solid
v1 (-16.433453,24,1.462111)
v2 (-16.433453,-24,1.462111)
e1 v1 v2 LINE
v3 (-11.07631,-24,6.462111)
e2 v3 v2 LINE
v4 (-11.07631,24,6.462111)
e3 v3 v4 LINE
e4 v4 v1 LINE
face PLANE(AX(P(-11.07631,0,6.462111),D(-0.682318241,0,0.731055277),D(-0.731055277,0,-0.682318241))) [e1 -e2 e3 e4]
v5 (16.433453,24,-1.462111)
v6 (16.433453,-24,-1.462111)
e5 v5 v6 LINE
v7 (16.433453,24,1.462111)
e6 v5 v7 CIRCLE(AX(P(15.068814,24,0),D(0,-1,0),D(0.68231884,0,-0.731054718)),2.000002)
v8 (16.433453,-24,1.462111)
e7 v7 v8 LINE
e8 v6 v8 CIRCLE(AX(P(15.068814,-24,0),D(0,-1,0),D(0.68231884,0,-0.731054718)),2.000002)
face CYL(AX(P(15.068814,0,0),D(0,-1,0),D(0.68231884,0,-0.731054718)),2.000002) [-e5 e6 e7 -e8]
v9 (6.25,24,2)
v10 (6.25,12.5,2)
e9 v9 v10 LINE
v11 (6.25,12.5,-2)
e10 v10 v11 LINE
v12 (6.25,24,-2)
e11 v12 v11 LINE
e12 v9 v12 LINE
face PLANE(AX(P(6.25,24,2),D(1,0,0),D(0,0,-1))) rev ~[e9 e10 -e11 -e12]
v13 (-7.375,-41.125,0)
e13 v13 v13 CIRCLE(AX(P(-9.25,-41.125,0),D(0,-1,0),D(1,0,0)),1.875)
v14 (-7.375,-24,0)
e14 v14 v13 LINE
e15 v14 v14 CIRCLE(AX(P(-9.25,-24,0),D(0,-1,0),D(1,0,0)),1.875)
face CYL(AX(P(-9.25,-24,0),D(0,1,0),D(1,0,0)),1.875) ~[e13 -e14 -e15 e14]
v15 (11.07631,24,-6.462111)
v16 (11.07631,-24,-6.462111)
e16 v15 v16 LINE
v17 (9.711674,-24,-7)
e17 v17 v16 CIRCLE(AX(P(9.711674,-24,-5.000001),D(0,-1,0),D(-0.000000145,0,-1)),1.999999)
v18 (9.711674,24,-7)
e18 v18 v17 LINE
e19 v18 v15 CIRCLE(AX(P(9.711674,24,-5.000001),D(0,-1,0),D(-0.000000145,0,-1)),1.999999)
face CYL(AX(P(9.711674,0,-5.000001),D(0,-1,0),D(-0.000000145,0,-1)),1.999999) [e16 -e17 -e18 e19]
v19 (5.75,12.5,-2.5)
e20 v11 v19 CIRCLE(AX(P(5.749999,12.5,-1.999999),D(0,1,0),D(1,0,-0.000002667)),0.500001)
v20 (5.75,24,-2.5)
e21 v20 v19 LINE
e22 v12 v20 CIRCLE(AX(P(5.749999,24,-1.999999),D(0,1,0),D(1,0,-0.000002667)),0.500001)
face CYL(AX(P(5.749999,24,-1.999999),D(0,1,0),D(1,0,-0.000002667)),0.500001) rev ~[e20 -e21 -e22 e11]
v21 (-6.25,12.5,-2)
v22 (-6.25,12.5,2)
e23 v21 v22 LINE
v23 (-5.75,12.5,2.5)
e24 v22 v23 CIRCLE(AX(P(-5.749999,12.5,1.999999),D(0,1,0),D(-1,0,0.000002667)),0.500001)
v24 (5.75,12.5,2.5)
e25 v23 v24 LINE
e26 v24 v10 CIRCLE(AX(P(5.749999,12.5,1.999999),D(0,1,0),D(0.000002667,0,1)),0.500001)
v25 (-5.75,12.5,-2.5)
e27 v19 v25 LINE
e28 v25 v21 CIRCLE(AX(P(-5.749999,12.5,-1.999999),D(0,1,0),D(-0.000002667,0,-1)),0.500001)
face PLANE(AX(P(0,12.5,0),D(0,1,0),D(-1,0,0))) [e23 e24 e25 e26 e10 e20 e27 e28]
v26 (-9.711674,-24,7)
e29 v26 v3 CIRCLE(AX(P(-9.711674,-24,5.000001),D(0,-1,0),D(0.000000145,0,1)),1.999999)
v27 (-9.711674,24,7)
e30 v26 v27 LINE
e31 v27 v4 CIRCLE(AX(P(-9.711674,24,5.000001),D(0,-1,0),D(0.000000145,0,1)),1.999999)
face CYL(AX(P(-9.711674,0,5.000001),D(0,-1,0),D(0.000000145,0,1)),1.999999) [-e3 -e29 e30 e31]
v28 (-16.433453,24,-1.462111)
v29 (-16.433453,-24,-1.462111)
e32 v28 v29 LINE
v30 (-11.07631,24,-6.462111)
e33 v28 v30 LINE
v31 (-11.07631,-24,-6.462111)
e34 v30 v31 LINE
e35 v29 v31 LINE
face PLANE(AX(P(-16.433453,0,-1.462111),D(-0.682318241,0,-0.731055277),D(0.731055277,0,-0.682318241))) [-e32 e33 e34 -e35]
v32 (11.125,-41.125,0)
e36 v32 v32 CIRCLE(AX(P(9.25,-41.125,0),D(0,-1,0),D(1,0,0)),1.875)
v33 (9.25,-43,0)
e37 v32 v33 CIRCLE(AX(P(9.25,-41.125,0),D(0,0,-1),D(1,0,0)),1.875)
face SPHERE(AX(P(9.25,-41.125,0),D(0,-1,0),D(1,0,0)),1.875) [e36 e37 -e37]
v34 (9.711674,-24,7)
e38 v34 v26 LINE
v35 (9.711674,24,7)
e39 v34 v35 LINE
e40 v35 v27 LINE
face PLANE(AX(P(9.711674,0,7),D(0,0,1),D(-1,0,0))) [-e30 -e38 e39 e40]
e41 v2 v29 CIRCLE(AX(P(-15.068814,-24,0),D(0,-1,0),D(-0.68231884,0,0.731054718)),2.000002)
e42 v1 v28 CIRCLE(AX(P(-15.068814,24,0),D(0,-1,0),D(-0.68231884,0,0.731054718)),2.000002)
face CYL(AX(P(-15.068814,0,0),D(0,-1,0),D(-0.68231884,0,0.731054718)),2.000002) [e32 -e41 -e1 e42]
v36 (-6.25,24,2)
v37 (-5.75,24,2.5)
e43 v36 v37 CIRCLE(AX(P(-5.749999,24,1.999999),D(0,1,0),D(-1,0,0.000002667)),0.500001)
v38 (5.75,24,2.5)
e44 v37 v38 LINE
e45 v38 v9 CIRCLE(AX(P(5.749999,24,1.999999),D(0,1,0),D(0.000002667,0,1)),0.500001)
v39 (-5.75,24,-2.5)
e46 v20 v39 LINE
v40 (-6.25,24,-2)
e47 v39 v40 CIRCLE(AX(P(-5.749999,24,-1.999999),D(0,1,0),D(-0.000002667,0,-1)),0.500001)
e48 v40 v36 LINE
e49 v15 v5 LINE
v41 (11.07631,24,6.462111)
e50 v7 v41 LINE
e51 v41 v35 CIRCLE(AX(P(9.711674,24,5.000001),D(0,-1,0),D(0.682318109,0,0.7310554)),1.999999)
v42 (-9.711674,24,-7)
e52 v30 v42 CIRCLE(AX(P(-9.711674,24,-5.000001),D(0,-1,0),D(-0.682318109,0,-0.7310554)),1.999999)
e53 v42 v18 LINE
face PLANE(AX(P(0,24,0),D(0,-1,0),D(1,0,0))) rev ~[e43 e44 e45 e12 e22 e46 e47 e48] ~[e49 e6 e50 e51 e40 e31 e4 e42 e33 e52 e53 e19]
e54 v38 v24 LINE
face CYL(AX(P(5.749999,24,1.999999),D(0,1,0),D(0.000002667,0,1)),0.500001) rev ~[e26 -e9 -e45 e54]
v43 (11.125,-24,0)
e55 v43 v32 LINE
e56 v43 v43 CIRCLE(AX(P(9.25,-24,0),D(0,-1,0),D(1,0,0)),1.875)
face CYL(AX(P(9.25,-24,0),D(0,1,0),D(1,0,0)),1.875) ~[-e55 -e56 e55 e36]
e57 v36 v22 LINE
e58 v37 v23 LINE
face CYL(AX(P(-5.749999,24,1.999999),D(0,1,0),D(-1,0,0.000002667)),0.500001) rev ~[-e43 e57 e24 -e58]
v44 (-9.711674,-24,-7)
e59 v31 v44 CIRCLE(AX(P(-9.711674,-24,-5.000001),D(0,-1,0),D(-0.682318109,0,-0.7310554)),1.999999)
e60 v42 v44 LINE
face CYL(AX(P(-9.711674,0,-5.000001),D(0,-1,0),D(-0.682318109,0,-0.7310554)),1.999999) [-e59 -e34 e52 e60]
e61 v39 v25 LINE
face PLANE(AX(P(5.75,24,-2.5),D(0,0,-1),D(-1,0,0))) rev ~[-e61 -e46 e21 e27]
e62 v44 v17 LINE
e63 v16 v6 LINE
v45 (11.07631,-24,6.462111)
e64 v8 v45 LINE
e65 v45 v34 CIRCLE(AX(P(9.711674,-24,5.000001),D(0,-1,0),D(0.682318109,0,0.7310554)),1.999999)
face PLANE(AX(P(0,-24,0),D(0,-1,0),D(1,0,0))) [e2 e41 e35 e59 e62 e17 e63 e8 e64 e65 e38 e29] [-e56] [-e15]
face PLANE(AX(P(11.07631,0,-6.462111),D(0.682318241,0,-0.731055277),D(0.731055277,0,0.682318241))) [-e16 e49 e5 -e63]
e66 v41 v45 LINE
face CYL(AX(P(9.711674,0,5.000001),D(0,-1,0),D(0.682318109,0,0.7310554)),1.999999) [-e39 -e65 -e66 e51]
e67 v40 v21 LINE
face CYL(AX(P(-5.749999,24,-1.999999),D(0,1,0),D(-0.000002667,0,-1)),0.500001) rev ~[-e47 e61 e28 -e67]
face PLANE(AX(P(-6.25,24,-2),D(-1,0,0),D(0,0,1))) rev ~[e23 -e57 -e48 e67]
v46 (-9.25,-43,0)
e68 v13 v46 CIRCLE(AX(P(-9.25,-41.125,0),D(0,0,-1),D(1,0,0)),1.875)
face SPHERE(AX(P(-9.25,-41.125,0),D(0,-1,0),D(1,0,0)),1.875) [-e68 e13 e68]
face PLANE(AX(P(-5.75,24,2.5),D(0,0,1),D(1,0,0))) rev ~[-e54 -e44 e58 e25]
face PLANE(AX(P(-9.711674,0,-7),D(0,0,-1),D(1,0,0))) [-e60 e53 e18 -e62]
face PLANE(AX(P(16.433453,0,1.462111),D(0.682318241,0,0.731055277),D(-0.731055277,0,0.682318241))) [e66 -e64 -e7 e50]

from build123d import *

# Parameters (mm, degrees)
F1_DEPTH = 24
F2_R     = 1.875
F3_DEPTH = 19
F4_R     = 1.875
F6_DEPTH = 11.5


with BuildPart() as f1:
    # F0 (on Front) → F1 (new body, symmetric)
    with BuildSketch(Plane.XZ):
        with BuildLine():
            Line((-11.07631, 6.462111), (-16.433453, 1.462111))
            ThreePointArc((-16.433453, 1.462111), (-17.068816, 0), (-16.433453, -1.462111))
            Line((-16.433453, -1.462111), (-11.07631, -6.462111))
            ThreePointArc((-11.07631, -6.462111), (-10.445083, -6.860675), (-9.711674, -7))
            Line((-9.711674, -7), (9.711674, -7))
            ThreePointArc((9.711674, -7), (10.445083, -6.860675), (11.07631, -6.462111))
            Line((11.07631, -6.462111), (16.433453, -1.462111))
            ThreePointArc((16.433453, -1.462111), (17.068816, 0), (16.433453, 1.462111))
            Line((16.433453, 1.462111), (11.07631, 6.462111))
            ThreePointArc((11.07631, 6.462111), (10.445083, 6.860675), (9.711674, 7))
            Line((9.711674, 7), (-9.711674, 7))
            ThreePointArc((-9.711674, 7), (-10.445083, 6.860675), (-11.07631, 6.462111))
        make_face()
    extrude(amount=F1_DEPTH, both=True)

    # F2 (on face) → F3 (join)
    with BuildSketch(Plane.XZ.offset(24)):
        with Locations((-9.25, 0)):
            Circle(F2_R)
        with Locations((9.25, 0)):
            Circle(F2_R)
    extrude(amount=F3_DEPTH)

    # F4
    f4_edges = [f1.edges().sort_by_distance(p)[0] for p in [
        (-11.125, -43, 0),
        (7.375, -43, 0),
    ]]
    fillet(f4_edges, radius=F4_R)

    # F5 (on face) → F6 (cut)
    with BuildSketch(Plane(origin=(0, 24, 0), x_dir=(-1, 0, 0), z_dir=(0, 1, 0))):
        with BuildLine():
            ThreePointArc((6.25, 2), (6.103553, 2.353553), (5.75, 2.5))
            Line((5.75, 2.5), (-5.75, 2.5))
            ThreePointArc((-5.75, 2.5), (-6.103553, 2.353553), (-6.25, 2))
            Line((-6.25, 2), (-6.25, -2))
            ThreePointArc((-6.25, -2), (-6.103553, -2.353553), (-5.75, -2.5))
            Line((-5.75, -2.5), (5.75, -2.5))
            ThreePointArc((5.75, -2.5), (6.103553, -2.353553), (6.25, -2))
            Line((6.25, -2), (6.25, 2))
        make_face()
    extrude(amount=-F6_DEPTH, mode=Mode.SUBTRACT)


solid = f1.part
